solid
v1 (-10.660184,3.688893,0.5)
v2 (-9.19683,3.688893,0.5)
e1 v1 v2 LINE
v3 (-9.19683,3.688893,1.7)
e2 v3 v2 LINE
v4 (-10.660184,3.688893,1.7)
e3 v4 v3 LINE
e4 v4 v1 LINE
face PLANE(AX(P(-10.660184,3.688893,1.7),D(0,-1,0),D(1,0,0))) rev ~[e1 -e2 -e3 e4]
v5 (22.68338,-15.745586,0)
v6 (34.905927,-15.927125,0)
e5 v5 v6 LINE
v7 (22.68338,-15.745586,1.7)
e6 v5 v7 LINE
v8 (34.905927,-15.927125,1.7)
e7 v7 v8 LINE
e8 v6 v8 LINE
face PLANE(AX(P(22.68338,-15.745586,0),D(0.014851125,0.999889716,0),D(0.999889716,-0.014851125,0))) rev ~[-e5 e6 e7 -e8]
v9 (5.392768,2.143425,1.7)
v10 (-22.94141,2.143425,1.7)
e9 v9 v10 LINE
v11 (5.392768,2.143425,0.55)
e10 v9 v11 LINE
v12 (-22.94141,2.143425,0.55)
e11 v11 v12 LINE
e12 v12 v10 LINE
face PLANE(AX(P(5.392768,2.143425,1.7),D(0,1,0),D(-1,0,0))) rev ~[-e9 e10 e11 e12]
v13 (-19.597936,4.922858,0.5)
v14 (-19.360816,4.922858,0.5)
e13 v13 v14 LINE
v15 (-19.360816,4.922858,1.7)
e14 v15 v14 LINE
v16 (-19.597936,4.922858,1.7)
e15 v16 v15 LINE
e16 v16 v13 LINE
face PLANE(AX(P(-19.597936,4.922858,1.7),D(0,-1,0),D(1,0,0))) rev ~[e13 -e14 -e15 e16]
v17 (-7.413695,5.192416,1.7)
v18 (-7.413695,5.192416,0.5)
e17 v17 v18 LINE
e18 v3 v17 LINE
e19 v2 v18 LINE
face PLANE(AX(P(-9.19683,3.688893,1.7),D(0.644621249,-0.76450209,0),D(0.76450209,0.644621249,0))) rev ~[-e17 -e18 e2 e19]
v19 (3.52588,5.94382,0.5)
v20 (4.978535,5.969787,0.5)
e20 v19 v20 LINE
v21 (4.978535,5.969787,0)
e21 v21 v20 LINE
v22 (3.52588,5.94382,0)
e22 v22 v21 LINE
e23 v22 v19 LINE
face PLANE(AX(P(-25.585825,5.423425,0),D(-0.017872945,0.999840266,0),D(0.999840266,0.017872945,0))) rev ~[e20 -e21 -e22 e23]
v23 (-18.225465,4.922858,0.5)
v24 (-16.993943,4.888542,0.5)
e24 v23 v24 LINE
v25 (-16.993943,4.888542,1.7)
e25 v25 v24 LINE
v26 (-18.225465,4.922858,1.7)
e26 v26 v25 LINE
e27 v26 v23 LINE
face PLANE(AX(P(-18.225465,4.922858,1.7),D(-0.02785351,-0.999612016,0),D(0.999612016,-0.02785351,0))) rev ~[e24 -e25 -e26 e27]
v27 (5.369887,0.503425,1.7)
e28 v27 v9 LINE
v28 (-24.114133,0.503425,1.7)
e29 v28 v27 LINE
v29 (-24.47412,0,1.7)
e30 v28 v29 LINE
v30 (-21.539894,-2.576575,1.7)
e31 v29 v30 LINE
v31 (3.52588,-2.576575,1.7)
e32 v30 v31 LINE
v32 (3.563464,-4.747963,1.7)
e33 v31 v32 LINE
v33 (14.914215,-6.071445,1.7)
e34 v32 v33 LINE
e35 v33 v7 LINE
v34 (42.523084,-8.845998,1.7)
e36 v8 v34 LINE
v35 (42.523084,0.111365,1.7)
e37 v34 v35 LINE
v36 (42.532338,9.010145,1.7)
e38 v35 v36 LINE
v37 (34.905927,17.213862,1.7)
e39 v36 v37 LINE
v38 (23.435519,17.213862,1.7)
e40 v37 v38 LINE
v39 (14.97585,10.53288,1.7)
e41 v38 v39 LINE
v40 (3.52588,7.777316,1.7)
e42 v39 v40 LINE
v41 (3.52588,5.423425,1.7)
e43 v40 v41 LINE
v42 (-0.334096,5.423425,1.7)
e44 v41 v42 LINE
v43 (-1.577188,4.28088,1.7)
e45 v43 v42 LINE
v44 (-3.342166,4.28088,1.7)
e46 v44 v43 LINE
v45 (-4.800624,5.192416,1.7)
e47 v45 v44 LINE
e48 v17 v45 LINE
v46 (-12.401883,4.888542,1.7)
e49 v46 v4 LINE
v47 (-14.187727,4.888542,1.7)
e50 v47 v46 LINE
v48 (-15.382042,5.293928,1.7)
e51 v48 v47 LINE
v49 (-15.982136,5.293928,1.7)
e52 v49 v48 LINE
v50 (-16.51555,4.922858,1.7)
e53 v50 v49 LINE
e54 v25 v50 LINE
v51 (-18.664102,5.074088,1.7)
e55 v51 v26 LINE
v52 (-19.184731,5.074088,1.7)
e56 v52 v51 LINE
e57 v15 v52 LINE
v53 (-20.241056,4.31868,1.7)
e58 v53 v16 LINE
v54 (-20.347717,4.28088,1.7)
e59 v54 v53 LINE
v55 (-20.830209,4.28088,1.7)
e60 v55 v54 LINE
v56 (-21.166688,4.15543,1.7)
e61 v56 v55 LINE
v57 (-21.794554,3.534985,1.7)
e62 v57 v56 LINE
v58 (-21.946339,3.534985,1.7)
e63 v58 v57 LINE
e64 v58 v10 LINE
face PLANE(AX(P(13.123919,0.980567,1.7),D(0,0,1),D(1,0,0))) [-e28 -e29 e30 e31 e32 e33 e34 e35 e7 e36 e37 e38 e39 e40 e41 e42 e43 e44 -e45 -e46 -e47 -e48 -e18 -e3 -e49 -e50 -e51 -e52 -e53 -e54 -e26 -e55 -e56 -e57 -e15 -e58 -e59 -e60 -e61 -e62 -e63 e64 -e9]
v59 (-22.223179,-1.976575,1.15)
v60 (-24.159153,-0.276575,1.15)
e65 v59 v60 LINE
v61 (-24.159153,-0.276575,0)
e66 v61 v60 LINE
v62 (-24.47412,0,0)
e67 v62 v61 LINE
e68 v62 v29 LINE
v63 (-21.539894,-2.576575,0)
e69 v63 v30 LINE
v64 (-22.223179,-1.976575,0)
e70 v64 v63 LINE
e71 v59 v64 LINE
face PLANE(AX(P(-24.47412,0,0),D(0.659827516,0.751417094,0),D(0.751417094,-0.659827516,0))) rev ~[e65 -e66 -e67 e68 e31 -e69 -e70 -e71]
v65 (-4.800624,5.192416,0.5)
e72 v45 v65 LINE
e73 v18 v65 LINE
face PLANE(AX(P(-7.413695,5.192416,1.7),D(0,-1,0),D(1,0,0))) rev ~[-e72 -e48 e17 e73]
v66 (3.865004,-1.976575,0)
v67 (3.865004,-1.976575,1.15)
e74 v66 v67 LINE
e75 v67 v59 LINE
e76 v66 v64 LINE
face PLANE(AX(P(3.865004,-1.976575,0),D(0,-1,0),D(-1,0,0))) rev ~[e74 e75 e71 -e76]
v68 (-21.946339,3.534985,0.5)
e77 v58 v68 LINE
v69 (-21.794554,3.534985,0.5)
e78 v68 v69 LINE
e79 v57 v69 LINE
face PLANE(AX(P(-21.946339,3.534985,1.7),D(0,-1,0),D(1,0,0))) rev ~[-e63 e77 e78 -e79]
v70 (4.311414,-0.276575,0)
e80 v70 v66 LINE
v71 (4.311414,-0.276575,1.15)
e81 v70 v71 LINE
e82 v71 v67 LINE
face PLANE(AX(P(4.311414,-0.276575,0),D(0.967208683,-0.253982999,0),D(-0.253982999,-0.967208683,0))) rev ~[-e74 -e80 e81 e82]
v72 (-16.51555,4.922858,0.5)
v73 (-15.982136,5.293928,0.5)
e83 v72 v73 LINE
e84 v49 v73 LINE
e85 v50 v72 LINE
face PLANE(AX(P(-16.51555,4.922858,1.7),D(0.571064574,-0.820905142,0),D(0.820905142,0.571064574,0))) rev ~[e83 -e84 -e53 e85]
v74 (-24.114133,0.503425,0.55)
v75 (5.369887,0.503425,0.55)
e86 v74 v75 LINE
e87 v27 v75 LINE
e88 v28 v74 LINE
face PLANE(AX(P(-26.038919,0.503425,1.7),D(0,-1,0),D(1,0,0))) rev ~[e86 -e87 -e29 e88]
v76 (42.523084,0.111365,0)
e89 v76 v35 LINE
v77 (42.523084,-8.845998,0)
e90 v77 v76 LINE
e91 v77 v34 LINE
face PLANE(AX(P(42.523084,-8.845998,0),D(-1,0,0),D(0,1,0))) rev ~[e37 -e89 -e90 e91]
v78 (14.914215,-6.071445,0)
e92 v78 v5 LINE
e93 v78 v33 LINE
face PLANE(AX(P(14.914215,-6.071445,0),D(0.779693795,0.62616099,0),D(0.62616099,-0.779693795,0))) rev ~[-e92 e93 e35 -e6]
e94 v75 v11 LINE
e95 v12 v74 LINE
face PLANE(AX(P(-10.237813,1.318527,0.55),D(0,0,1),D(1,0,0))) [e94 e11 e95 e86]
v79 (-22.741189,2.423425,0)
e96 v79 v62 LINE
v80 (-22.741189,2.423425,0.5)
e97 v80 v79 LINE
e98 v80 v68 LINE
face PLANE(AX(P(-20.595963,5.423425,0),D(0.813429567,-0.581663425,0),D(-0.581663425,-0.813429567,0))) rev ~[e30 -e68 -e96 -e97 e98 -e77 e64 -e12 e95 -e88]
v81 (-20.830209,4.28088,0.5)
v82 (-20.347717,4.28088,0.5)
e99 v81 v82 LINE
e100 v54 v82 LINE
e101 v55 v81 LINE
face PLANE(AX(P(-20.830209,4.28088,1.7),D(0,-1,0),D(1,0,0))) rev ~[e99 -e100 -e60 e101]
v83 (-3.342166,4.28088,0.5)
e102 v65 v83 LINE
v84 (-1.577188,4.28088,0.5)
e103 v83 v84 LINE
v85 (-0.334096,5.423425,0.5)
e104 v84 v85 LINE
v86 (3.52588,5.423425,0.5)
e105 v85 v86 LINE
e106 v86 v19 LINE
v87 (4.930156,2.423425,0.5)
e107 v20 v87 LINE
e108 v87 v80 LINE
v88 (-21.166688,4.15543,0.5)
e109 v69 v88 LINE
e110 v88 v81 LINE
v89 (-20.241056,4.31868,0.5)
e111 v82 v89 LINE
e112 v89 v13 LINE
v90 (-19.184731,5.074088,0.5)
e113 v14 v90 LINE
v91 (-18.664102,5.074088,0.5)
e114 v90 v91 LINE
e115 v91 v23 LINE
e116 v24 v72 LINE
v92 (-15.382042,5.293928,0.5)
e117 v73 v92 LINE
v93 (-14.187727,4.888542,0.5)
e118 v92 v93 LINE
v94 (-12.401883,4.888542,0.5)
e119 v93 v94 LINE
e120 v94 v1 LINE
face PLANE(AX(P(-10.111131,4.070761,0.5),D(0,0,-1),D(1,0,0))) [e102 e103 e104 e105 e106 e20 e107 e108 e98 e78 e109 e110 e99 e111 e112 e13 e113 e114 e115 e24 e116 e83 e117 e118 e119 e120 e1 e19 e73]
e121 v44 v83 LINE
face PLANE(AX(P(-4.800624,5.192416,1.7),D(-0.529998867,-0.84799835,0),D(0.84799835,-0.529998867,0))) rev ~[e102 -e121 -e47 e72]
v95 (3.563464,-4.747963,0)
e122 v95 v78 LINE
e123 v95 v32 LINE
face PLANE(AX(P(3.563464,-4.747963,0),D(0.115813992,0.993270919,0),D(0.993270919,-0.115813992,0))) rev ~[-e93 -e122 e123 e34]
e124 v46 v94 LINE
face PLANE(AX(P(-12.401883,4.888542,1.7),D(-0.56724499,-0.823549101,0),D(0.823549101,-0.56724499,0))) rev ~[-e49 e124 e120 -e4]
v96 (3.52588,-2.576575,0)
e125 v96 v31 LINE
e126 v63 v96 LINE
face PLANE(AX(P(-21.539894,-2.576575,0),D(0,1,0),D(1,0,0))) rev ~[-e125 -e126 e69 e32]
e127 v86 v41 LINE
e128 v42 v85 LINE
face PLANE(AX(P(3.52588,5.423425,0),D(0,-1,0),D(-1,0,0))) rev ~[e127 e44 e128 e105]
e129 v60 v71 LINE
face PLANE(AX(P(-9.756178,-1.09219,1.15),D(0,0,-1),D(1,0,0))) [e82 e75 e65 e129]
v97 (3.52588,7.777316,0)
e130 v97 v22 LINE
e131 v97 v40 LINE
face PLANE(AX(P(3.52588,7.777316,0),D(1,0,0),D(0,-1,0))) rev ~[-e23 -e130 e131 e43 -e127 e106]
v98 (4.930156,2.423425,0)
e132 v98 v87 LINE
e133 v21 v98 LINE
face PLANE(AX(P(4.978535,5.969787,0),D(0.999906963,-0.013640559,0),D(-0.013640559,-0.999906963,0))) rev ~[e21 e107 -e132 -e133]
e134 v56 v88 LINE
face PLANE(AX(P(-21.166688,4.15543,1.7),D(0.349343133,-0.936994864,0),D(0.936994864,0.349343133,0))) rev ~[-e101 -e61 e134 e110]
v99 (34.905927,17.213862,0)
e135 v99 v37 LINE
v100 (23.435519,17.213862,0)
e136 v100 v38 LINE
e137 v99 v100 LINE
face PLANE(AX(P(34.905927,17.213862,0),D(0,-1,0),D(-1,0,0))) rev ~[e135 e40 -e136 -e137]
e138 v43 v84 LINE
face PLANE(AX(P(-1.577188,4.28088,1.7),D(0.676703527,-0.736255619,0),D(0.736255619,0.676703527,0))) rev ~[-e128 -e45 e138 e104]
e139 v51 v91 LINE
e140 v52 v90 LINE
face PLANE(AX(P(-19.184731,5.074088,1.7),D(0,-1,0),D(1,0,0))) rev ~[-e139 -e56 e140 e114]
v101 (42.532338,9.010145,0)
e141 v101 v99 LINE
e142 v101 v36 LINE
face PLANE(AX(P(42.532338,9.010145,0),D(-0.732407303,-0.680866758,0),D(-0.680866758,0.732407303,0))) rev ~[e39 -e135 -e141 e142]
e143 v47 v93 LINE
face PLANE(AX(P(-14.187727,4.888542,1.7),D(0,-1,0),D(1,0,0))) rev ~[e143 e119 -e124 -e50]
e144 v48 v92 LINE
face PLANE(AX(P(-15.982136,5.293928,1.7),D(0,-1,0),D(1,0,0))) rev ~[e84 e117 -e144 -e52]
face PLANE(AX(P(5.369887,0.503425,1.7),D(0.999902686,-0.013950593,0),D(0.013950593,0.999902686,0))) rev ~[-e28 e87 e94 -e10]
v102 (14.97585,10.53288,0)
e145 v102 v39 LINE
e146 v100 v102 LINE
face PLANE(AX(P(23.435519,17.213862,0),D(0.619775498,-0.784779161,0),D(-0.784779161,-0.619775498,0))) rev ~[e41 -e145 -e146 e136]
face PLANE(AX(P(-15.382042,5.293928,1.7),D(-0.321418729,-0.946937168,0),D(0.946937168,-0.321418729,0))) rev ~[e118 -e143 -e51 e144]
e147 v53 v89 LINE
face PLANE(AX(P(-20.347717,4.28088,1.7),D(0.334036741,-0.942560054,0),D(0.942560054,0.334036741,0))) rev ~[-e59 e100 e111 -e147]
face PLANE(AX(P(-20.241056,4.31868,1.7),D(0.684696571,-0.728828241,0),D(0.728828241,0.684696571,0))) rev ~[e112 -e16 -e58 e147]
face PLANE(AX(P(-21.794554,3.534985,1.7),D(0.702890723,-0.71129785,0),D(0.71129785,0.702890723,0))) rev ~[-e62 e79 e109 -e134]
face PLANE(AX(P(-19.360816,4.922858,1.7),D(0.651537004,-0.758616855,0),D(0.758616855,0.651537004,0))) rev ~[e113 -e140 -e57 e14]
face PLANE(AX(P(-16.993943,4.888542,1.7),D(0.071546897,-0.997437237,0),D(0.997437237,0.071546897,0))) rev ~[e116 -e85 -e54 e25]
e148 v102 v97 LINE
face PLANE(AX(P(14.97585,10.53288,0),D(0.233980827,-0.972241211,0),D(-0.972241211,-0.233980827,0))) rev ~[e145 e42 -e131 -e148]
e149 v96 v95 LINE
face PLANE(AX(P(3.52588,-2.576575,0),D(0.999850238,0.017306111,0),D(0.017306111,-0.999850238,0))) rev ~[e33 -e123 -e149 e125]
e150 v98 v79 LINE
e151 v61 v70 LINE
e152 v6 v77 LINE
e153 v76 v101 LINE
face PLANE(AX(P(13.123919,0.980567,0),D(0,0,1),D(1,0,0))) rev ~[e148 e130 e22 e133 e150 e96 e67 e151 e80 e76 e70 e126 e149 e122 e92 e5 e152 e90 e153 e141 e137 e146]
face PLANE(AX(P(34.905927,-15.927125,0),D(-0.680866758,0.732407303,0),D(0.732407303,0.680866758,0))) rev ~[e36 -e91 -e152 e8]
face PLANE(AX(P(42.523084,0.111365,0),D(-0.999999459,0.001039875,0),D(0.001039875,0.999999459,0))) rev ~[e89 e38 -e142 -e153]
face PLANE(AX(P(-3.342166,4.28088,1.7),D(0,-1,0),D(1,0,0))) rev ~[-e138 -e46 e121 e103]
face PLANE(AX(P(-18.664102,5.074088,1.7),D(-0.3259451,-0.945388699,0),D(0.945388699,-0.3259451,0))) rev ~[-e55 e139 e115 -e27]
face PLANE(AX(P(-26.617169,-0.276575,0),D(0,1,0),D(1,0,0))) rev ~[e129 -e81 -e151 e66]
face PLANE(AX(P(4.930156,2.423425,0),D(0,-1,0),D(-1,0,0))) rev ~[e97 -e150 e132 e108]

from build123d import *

# Parameters (mm, degrees)
F1_DEPTH = 1.7
F3_DEPTH = 1.15
F5_DEPTH = 1.15
F7_DEPTH = 25
F9_DEPTH = 0.5


with BuildPart() as f1:
    # F0 (on Top) → F1 (new body)
    with BuildSketch(Plane.XY):
        Polygon((3.5258802325, 7.7773156599), (3.5258802325, 5.4234246183), (-20.5959625565, 5.4234246183), (-24.4741197675, 0), (-21.5398941726, -2.5765753817), (3.5258802325, -2.5765753817), (3.563464143, -4.7479634116), (14.9142147576, -6.0714449676), (22.6833798525, -15.7455861511), (34.9059272557, -15.9271247482), (42.5230842084, -8.8459979743), (42.5230842084, 0.111364905), (42.5323378295, 9.0101445094), (34.9059272557, 17.2138623893), (23.4355190769, 17.2138623893), (14.9758500308, 10.5328802019), align=None)
    extrude(amount=F1_DEPTH)

    # F2 (on face) → F3 (cut)
    with BuildSketch(Plane(origin=(0, 0, 0), x_dir=(1, 0, 0), z_dir=(0, 0, -1))):
        Polygon((-24.1591534096, 0.2765753817), (4.3114135042, 0.2765753817), (3.8650040515, 1.9765753817), (-22.2231791909, 1.9765753817), align=None)
        Polygon((-26.6171693802, 0.2765753817), (-24.1591534096, 0.2765753817), (-22.2231791909, 1.9765753817), (-25.9880051017, 1.9765753817), align=None)
    extrude(amount=-F3_DEPTH, mode=Mode.SUBTRACT)

    # F4 (on face) → F5 (cut)
    with BuildSketch(Plane.XY.offset(1.7)):
        Polygon((5.3927684203, 2.1434246183), (-25.6233029068, 2.1434246183), (-26.0389186442, 0.5034246183), (5.3698872216, 0.5034246183), align=None)
    extrude(amount=-F5_DEPTH, mode=Mode.SUBTRACT)

    # F6 (on face) → F7 (cut)
    with BuildSketch(Plane.XY.offset(1.7)):
        Polygon((-5.3833839484, 6.7872931249), (-0.3340959956, 5.4234246183), (0, 7.7773156599), (-22.1384502947, 7.9461717978), (-23.2389890977, 4.8430952587), (-21.9463394889, 3.5349845421), (-20.9003388882, 6.0035409406), align=None)
        Polygon((-1.5771881219, 4.2808800936), (-0.3340959956, 5.4234246183), (-20.5959625565, 5.4234246183), (-21.9463394889, 3.5349845421), (-21.7945538461, 3.5349845421), (-21.1666878313, 4.1554295458), (-20.8302091438, 4.2808800936), (-20.3477170239, 4.2808800936), (-20.2410556376, 4.3186801486), (-19.5979364216, 4.9228575081), (-19.3608161062, 4.9228575081), (-19.184730947, 5.074087996), (-18.6641020609, 5.074087996), (-18.2254650205, 4.9228575081), (-16.9939434519, 4.8885419965), (-16.5155499687, 4.9228575081), (-15.9821361303, 5.2939280868), (-15.3820421547, 5.2939280868), (-14.1877273184, 4.8885419965), (-12.4018825591, 4.8885419965), (-10.6601839463, 3.6888930481), (-9.1968299821, 3.6888930481), (-7.4136951007, 5.1924162544), (-4.8006242141, 5.1924162544), (-3.3421660773, 4.2808800936), align=None)
    extrude(amount=-F7_DEPTH, mode=Mode.SUBTRACT)

    # F8 (on face) → F9 (cut)
    with BuildSketch(Plane(origin=(0, 0, 0), x_dir=(1, 0, 0), z_dir=(0, 0, -1))):
        Polygon((4.9785347655, -5.9697870165), (4.9301558991, -2.4234246183), (-25.2411490917, -2.4234246183), (-25.5858246237, -5.4234246183), align=None)
    extrude(amount=-F9_DEPTH, mode=Mode.SUBTRACT)


solid = f1.part
